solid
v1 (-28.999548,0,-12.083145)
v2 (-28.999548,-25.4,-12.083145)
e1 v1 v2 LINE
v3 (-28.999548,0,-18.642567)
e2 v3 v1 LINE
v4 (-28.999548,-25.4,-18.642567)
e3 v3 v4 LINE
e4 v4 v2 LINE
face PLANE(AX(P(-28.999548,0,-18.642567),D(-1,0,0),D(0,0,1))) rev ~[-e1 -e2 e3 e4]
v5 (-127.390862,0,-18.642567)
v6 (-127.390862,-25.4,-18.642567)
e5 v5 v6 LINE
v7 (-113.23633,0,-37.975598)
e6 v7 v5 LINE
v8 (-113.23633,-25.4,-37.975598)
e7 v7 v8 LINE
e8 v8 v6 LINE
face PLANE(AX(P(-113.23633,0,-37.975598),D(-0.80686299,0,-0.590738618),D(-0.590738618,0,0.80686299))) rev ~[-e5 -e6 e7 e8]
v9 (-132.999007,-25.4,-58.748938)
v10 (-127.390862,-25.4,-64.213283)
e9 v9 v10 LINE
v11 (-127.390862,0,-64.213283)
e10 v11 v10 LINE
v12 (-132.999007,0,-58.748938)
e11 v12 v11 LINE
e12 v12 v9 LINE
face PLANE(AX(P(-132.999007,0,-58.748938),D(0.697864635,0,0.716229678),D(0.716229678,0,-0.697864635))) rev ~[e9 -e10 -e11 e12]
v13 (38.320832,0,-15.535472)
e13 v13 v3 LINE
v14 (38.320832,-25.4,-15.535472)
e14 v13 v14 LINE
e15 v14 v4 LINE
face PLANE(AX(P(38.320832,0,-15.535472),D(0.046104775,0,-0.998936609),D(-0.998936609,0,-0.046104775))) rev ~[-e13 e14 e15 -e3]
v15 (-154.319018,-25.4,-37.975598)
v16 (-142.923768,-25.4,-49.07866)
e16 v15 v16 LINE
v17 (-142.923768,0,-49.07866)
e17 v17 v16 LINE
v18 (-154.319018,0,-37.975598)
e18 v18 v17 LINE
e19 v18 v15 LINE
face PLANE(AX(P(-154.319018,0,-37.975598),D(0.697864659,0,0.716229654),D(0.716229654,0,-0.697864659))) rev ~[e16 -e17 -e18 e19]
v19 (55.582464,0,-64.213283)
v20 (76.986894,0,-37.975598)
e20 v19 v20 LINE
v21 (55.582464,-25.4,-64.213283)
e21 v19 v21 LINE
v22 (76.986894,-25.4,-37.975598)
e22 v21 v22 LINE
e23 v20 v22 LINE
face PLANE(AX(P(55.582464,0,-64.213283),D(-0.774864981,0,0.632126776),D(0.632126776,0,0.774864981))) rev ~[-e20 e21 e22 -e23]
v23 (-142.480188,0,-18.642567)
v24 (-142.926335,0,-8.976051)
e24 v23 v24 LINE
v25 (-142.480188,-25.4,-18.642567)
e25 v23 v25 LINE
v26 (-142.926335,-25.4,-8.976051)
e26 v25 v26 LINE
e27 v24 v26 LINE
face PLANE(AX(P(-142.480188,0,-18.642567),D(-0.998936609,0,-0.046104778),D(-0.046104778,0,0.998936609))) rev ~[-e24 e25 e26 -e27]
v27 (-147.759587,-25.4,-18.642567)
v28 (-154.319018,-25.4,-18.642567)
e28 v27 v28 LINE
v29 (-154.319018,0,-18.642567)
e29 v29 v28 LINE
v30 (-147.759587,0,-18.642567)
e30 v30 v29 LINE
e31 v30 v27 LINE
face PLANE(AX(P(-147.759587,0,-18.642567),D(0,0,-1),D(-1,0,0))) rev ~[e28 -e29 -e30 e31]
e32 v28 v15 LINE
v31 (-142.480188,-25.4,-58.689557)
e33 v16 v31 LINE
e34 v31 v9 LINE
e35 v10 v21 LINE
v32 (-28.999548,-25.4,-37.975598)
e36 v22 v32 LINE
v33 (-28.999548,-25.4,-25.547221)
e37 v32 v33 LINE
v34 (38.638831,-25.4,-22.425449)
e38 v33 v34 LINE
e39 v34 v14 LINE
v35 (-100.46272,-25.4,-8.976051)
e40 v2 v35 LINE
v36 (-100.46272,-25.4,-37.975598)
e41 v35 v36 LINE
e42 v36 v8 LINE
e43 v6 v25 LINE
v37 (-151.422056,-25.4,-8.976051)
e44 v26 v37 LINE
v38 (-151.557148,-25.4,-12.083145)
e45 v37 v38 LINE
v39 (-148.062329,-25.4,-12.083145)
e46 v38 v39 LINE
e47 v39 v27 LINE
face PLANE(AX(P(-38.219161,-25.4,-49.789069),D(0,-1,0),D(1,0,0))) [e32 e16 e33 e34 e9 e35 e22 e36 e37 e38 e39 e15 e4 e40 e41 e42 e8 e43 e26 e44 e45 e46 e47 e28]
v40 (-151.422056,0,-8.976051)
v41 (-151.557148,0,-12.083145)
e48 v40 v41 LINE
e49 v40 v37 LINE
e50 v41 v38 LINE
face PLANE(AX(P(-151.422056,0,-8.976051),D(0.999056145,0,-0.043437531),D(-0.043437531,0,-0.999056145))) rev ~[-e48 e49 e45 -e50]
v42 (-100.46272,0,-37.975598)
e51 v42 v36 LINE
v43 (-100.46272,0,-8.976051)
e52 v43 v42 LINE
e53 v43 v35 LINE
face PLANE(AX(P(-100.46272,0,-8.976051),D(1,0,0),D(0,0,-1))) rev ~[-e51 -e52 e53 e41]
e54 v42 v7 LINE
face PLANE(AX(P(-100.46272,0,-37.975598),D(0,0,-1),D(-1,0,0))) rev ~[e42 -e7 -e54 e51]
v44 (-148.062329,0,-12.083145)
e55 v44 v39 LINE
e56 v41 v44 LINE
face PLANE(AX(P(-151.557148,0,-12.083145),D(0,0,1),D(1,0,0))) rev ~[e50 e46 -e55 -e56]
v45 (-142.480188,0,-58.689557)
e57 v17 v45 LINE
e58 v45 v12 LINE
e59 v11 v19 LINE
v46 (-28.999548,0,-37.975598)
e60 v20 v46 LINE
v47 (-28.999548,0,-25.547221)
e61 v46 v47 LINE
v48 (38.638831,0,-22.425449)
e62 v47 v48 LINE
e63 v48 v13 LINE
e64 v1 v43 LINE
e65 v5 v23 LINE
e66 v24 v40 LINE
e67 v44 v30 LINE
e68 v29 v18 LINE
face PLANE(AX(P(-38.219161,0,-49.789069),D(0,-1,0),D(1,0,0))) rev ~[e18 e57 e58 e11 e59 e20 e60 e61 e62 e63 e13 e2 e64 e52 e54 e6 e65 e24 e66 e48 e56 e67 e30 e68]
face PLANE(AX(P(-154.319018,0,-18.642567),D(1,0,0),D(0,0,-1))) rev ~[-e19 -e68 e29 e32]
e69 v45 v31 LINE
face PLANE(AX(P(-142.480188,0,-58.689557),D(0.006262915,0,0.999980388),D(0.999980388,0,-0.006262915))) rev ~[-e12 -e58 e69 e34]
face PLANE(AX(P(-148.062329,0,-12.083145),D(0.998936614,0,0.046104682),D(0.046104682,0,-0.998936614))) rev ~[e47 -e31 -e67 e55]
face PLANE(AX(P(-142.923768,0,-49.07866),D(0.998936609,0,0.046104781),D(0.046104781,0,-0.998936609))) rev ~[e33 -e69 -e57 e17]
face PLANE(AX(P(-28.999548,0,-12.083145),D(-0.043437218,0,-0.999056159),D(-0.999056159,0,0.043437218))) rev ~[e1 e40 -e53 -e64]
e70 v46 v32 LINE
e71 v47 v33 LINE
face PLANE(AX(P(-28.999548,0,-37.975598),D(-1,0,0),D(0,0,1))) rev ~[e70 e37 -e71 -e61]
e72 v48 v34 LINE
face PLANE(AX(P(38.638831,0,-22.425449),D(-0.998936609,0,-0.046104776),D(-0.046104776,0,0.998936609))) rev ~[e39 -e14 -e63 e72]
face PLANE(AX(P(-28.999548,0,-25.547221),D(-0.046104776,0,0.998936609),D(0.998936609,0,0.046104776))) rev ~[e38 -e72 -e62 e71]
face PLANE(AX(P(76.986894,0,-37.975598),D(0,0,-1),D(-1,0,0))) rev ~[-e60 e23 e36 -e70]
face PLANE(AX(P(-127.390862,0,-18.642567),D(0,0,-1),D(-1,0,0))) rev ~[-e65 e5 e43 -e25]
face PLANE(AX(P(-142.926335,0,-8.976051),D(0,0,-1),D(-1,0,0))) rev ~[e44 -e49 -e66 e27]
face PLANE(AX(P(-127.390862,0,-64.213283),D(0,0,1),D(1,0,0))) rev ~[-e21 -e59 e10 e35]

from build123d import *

# Parameters (mm, degrees)
F1_DEPTH = 25.4


with BuildPart() as f1:
    # F0 (on Front) → F1 (new body)
    with BuildSketch(Plane.XZ):
        Polygon((-132.999007, -58.748938), (-127.390862, -64.213283), (55.582464, -64.213283), (76.986894, -37.975598), (-28.999548, -37.975598), (-100.46272, -37.975598), (-113.23633, -37.975598), (-154.319018, -37.975598), (-142.923768, -49.07866), align=None)
        Polygon((-100.46272, -37.975598), (-28.999548, -37.975598), (-28.999548, -25.547221), (-28.999548, -18.642567), (-28.999548, -12.083145), (-100.46272, -8.976051), align=None)
        Polygon((-154.319018, -18.642567), (-154.319018, -37.975598), (-113.23633, -37.975598), (-127.390862, -18.642567), (-142.480188, -18.642567), (-147.759587, -18.642567), align=None)
        Polygon((-148.062329, -12.083145), (-147.759587, -18.642567), (-142.480188, -18.642567), (-142.926335, -8.976051), (-151.422056, -8.976051), (-151.557148, -12.083145), align=None)
        Polygon((-142.480188, -58.689557), (-132.999007, -58.748938), (-142.923768, -49.07866), align=None)
        Polygon((-28.999548, -18.642567), (-28.999548, -25.547221), (38.638831, -22.425449), (38.320832, -15.535472), align=None)
    extrude(amount=F1_DEPTH)


solid = f1.part
